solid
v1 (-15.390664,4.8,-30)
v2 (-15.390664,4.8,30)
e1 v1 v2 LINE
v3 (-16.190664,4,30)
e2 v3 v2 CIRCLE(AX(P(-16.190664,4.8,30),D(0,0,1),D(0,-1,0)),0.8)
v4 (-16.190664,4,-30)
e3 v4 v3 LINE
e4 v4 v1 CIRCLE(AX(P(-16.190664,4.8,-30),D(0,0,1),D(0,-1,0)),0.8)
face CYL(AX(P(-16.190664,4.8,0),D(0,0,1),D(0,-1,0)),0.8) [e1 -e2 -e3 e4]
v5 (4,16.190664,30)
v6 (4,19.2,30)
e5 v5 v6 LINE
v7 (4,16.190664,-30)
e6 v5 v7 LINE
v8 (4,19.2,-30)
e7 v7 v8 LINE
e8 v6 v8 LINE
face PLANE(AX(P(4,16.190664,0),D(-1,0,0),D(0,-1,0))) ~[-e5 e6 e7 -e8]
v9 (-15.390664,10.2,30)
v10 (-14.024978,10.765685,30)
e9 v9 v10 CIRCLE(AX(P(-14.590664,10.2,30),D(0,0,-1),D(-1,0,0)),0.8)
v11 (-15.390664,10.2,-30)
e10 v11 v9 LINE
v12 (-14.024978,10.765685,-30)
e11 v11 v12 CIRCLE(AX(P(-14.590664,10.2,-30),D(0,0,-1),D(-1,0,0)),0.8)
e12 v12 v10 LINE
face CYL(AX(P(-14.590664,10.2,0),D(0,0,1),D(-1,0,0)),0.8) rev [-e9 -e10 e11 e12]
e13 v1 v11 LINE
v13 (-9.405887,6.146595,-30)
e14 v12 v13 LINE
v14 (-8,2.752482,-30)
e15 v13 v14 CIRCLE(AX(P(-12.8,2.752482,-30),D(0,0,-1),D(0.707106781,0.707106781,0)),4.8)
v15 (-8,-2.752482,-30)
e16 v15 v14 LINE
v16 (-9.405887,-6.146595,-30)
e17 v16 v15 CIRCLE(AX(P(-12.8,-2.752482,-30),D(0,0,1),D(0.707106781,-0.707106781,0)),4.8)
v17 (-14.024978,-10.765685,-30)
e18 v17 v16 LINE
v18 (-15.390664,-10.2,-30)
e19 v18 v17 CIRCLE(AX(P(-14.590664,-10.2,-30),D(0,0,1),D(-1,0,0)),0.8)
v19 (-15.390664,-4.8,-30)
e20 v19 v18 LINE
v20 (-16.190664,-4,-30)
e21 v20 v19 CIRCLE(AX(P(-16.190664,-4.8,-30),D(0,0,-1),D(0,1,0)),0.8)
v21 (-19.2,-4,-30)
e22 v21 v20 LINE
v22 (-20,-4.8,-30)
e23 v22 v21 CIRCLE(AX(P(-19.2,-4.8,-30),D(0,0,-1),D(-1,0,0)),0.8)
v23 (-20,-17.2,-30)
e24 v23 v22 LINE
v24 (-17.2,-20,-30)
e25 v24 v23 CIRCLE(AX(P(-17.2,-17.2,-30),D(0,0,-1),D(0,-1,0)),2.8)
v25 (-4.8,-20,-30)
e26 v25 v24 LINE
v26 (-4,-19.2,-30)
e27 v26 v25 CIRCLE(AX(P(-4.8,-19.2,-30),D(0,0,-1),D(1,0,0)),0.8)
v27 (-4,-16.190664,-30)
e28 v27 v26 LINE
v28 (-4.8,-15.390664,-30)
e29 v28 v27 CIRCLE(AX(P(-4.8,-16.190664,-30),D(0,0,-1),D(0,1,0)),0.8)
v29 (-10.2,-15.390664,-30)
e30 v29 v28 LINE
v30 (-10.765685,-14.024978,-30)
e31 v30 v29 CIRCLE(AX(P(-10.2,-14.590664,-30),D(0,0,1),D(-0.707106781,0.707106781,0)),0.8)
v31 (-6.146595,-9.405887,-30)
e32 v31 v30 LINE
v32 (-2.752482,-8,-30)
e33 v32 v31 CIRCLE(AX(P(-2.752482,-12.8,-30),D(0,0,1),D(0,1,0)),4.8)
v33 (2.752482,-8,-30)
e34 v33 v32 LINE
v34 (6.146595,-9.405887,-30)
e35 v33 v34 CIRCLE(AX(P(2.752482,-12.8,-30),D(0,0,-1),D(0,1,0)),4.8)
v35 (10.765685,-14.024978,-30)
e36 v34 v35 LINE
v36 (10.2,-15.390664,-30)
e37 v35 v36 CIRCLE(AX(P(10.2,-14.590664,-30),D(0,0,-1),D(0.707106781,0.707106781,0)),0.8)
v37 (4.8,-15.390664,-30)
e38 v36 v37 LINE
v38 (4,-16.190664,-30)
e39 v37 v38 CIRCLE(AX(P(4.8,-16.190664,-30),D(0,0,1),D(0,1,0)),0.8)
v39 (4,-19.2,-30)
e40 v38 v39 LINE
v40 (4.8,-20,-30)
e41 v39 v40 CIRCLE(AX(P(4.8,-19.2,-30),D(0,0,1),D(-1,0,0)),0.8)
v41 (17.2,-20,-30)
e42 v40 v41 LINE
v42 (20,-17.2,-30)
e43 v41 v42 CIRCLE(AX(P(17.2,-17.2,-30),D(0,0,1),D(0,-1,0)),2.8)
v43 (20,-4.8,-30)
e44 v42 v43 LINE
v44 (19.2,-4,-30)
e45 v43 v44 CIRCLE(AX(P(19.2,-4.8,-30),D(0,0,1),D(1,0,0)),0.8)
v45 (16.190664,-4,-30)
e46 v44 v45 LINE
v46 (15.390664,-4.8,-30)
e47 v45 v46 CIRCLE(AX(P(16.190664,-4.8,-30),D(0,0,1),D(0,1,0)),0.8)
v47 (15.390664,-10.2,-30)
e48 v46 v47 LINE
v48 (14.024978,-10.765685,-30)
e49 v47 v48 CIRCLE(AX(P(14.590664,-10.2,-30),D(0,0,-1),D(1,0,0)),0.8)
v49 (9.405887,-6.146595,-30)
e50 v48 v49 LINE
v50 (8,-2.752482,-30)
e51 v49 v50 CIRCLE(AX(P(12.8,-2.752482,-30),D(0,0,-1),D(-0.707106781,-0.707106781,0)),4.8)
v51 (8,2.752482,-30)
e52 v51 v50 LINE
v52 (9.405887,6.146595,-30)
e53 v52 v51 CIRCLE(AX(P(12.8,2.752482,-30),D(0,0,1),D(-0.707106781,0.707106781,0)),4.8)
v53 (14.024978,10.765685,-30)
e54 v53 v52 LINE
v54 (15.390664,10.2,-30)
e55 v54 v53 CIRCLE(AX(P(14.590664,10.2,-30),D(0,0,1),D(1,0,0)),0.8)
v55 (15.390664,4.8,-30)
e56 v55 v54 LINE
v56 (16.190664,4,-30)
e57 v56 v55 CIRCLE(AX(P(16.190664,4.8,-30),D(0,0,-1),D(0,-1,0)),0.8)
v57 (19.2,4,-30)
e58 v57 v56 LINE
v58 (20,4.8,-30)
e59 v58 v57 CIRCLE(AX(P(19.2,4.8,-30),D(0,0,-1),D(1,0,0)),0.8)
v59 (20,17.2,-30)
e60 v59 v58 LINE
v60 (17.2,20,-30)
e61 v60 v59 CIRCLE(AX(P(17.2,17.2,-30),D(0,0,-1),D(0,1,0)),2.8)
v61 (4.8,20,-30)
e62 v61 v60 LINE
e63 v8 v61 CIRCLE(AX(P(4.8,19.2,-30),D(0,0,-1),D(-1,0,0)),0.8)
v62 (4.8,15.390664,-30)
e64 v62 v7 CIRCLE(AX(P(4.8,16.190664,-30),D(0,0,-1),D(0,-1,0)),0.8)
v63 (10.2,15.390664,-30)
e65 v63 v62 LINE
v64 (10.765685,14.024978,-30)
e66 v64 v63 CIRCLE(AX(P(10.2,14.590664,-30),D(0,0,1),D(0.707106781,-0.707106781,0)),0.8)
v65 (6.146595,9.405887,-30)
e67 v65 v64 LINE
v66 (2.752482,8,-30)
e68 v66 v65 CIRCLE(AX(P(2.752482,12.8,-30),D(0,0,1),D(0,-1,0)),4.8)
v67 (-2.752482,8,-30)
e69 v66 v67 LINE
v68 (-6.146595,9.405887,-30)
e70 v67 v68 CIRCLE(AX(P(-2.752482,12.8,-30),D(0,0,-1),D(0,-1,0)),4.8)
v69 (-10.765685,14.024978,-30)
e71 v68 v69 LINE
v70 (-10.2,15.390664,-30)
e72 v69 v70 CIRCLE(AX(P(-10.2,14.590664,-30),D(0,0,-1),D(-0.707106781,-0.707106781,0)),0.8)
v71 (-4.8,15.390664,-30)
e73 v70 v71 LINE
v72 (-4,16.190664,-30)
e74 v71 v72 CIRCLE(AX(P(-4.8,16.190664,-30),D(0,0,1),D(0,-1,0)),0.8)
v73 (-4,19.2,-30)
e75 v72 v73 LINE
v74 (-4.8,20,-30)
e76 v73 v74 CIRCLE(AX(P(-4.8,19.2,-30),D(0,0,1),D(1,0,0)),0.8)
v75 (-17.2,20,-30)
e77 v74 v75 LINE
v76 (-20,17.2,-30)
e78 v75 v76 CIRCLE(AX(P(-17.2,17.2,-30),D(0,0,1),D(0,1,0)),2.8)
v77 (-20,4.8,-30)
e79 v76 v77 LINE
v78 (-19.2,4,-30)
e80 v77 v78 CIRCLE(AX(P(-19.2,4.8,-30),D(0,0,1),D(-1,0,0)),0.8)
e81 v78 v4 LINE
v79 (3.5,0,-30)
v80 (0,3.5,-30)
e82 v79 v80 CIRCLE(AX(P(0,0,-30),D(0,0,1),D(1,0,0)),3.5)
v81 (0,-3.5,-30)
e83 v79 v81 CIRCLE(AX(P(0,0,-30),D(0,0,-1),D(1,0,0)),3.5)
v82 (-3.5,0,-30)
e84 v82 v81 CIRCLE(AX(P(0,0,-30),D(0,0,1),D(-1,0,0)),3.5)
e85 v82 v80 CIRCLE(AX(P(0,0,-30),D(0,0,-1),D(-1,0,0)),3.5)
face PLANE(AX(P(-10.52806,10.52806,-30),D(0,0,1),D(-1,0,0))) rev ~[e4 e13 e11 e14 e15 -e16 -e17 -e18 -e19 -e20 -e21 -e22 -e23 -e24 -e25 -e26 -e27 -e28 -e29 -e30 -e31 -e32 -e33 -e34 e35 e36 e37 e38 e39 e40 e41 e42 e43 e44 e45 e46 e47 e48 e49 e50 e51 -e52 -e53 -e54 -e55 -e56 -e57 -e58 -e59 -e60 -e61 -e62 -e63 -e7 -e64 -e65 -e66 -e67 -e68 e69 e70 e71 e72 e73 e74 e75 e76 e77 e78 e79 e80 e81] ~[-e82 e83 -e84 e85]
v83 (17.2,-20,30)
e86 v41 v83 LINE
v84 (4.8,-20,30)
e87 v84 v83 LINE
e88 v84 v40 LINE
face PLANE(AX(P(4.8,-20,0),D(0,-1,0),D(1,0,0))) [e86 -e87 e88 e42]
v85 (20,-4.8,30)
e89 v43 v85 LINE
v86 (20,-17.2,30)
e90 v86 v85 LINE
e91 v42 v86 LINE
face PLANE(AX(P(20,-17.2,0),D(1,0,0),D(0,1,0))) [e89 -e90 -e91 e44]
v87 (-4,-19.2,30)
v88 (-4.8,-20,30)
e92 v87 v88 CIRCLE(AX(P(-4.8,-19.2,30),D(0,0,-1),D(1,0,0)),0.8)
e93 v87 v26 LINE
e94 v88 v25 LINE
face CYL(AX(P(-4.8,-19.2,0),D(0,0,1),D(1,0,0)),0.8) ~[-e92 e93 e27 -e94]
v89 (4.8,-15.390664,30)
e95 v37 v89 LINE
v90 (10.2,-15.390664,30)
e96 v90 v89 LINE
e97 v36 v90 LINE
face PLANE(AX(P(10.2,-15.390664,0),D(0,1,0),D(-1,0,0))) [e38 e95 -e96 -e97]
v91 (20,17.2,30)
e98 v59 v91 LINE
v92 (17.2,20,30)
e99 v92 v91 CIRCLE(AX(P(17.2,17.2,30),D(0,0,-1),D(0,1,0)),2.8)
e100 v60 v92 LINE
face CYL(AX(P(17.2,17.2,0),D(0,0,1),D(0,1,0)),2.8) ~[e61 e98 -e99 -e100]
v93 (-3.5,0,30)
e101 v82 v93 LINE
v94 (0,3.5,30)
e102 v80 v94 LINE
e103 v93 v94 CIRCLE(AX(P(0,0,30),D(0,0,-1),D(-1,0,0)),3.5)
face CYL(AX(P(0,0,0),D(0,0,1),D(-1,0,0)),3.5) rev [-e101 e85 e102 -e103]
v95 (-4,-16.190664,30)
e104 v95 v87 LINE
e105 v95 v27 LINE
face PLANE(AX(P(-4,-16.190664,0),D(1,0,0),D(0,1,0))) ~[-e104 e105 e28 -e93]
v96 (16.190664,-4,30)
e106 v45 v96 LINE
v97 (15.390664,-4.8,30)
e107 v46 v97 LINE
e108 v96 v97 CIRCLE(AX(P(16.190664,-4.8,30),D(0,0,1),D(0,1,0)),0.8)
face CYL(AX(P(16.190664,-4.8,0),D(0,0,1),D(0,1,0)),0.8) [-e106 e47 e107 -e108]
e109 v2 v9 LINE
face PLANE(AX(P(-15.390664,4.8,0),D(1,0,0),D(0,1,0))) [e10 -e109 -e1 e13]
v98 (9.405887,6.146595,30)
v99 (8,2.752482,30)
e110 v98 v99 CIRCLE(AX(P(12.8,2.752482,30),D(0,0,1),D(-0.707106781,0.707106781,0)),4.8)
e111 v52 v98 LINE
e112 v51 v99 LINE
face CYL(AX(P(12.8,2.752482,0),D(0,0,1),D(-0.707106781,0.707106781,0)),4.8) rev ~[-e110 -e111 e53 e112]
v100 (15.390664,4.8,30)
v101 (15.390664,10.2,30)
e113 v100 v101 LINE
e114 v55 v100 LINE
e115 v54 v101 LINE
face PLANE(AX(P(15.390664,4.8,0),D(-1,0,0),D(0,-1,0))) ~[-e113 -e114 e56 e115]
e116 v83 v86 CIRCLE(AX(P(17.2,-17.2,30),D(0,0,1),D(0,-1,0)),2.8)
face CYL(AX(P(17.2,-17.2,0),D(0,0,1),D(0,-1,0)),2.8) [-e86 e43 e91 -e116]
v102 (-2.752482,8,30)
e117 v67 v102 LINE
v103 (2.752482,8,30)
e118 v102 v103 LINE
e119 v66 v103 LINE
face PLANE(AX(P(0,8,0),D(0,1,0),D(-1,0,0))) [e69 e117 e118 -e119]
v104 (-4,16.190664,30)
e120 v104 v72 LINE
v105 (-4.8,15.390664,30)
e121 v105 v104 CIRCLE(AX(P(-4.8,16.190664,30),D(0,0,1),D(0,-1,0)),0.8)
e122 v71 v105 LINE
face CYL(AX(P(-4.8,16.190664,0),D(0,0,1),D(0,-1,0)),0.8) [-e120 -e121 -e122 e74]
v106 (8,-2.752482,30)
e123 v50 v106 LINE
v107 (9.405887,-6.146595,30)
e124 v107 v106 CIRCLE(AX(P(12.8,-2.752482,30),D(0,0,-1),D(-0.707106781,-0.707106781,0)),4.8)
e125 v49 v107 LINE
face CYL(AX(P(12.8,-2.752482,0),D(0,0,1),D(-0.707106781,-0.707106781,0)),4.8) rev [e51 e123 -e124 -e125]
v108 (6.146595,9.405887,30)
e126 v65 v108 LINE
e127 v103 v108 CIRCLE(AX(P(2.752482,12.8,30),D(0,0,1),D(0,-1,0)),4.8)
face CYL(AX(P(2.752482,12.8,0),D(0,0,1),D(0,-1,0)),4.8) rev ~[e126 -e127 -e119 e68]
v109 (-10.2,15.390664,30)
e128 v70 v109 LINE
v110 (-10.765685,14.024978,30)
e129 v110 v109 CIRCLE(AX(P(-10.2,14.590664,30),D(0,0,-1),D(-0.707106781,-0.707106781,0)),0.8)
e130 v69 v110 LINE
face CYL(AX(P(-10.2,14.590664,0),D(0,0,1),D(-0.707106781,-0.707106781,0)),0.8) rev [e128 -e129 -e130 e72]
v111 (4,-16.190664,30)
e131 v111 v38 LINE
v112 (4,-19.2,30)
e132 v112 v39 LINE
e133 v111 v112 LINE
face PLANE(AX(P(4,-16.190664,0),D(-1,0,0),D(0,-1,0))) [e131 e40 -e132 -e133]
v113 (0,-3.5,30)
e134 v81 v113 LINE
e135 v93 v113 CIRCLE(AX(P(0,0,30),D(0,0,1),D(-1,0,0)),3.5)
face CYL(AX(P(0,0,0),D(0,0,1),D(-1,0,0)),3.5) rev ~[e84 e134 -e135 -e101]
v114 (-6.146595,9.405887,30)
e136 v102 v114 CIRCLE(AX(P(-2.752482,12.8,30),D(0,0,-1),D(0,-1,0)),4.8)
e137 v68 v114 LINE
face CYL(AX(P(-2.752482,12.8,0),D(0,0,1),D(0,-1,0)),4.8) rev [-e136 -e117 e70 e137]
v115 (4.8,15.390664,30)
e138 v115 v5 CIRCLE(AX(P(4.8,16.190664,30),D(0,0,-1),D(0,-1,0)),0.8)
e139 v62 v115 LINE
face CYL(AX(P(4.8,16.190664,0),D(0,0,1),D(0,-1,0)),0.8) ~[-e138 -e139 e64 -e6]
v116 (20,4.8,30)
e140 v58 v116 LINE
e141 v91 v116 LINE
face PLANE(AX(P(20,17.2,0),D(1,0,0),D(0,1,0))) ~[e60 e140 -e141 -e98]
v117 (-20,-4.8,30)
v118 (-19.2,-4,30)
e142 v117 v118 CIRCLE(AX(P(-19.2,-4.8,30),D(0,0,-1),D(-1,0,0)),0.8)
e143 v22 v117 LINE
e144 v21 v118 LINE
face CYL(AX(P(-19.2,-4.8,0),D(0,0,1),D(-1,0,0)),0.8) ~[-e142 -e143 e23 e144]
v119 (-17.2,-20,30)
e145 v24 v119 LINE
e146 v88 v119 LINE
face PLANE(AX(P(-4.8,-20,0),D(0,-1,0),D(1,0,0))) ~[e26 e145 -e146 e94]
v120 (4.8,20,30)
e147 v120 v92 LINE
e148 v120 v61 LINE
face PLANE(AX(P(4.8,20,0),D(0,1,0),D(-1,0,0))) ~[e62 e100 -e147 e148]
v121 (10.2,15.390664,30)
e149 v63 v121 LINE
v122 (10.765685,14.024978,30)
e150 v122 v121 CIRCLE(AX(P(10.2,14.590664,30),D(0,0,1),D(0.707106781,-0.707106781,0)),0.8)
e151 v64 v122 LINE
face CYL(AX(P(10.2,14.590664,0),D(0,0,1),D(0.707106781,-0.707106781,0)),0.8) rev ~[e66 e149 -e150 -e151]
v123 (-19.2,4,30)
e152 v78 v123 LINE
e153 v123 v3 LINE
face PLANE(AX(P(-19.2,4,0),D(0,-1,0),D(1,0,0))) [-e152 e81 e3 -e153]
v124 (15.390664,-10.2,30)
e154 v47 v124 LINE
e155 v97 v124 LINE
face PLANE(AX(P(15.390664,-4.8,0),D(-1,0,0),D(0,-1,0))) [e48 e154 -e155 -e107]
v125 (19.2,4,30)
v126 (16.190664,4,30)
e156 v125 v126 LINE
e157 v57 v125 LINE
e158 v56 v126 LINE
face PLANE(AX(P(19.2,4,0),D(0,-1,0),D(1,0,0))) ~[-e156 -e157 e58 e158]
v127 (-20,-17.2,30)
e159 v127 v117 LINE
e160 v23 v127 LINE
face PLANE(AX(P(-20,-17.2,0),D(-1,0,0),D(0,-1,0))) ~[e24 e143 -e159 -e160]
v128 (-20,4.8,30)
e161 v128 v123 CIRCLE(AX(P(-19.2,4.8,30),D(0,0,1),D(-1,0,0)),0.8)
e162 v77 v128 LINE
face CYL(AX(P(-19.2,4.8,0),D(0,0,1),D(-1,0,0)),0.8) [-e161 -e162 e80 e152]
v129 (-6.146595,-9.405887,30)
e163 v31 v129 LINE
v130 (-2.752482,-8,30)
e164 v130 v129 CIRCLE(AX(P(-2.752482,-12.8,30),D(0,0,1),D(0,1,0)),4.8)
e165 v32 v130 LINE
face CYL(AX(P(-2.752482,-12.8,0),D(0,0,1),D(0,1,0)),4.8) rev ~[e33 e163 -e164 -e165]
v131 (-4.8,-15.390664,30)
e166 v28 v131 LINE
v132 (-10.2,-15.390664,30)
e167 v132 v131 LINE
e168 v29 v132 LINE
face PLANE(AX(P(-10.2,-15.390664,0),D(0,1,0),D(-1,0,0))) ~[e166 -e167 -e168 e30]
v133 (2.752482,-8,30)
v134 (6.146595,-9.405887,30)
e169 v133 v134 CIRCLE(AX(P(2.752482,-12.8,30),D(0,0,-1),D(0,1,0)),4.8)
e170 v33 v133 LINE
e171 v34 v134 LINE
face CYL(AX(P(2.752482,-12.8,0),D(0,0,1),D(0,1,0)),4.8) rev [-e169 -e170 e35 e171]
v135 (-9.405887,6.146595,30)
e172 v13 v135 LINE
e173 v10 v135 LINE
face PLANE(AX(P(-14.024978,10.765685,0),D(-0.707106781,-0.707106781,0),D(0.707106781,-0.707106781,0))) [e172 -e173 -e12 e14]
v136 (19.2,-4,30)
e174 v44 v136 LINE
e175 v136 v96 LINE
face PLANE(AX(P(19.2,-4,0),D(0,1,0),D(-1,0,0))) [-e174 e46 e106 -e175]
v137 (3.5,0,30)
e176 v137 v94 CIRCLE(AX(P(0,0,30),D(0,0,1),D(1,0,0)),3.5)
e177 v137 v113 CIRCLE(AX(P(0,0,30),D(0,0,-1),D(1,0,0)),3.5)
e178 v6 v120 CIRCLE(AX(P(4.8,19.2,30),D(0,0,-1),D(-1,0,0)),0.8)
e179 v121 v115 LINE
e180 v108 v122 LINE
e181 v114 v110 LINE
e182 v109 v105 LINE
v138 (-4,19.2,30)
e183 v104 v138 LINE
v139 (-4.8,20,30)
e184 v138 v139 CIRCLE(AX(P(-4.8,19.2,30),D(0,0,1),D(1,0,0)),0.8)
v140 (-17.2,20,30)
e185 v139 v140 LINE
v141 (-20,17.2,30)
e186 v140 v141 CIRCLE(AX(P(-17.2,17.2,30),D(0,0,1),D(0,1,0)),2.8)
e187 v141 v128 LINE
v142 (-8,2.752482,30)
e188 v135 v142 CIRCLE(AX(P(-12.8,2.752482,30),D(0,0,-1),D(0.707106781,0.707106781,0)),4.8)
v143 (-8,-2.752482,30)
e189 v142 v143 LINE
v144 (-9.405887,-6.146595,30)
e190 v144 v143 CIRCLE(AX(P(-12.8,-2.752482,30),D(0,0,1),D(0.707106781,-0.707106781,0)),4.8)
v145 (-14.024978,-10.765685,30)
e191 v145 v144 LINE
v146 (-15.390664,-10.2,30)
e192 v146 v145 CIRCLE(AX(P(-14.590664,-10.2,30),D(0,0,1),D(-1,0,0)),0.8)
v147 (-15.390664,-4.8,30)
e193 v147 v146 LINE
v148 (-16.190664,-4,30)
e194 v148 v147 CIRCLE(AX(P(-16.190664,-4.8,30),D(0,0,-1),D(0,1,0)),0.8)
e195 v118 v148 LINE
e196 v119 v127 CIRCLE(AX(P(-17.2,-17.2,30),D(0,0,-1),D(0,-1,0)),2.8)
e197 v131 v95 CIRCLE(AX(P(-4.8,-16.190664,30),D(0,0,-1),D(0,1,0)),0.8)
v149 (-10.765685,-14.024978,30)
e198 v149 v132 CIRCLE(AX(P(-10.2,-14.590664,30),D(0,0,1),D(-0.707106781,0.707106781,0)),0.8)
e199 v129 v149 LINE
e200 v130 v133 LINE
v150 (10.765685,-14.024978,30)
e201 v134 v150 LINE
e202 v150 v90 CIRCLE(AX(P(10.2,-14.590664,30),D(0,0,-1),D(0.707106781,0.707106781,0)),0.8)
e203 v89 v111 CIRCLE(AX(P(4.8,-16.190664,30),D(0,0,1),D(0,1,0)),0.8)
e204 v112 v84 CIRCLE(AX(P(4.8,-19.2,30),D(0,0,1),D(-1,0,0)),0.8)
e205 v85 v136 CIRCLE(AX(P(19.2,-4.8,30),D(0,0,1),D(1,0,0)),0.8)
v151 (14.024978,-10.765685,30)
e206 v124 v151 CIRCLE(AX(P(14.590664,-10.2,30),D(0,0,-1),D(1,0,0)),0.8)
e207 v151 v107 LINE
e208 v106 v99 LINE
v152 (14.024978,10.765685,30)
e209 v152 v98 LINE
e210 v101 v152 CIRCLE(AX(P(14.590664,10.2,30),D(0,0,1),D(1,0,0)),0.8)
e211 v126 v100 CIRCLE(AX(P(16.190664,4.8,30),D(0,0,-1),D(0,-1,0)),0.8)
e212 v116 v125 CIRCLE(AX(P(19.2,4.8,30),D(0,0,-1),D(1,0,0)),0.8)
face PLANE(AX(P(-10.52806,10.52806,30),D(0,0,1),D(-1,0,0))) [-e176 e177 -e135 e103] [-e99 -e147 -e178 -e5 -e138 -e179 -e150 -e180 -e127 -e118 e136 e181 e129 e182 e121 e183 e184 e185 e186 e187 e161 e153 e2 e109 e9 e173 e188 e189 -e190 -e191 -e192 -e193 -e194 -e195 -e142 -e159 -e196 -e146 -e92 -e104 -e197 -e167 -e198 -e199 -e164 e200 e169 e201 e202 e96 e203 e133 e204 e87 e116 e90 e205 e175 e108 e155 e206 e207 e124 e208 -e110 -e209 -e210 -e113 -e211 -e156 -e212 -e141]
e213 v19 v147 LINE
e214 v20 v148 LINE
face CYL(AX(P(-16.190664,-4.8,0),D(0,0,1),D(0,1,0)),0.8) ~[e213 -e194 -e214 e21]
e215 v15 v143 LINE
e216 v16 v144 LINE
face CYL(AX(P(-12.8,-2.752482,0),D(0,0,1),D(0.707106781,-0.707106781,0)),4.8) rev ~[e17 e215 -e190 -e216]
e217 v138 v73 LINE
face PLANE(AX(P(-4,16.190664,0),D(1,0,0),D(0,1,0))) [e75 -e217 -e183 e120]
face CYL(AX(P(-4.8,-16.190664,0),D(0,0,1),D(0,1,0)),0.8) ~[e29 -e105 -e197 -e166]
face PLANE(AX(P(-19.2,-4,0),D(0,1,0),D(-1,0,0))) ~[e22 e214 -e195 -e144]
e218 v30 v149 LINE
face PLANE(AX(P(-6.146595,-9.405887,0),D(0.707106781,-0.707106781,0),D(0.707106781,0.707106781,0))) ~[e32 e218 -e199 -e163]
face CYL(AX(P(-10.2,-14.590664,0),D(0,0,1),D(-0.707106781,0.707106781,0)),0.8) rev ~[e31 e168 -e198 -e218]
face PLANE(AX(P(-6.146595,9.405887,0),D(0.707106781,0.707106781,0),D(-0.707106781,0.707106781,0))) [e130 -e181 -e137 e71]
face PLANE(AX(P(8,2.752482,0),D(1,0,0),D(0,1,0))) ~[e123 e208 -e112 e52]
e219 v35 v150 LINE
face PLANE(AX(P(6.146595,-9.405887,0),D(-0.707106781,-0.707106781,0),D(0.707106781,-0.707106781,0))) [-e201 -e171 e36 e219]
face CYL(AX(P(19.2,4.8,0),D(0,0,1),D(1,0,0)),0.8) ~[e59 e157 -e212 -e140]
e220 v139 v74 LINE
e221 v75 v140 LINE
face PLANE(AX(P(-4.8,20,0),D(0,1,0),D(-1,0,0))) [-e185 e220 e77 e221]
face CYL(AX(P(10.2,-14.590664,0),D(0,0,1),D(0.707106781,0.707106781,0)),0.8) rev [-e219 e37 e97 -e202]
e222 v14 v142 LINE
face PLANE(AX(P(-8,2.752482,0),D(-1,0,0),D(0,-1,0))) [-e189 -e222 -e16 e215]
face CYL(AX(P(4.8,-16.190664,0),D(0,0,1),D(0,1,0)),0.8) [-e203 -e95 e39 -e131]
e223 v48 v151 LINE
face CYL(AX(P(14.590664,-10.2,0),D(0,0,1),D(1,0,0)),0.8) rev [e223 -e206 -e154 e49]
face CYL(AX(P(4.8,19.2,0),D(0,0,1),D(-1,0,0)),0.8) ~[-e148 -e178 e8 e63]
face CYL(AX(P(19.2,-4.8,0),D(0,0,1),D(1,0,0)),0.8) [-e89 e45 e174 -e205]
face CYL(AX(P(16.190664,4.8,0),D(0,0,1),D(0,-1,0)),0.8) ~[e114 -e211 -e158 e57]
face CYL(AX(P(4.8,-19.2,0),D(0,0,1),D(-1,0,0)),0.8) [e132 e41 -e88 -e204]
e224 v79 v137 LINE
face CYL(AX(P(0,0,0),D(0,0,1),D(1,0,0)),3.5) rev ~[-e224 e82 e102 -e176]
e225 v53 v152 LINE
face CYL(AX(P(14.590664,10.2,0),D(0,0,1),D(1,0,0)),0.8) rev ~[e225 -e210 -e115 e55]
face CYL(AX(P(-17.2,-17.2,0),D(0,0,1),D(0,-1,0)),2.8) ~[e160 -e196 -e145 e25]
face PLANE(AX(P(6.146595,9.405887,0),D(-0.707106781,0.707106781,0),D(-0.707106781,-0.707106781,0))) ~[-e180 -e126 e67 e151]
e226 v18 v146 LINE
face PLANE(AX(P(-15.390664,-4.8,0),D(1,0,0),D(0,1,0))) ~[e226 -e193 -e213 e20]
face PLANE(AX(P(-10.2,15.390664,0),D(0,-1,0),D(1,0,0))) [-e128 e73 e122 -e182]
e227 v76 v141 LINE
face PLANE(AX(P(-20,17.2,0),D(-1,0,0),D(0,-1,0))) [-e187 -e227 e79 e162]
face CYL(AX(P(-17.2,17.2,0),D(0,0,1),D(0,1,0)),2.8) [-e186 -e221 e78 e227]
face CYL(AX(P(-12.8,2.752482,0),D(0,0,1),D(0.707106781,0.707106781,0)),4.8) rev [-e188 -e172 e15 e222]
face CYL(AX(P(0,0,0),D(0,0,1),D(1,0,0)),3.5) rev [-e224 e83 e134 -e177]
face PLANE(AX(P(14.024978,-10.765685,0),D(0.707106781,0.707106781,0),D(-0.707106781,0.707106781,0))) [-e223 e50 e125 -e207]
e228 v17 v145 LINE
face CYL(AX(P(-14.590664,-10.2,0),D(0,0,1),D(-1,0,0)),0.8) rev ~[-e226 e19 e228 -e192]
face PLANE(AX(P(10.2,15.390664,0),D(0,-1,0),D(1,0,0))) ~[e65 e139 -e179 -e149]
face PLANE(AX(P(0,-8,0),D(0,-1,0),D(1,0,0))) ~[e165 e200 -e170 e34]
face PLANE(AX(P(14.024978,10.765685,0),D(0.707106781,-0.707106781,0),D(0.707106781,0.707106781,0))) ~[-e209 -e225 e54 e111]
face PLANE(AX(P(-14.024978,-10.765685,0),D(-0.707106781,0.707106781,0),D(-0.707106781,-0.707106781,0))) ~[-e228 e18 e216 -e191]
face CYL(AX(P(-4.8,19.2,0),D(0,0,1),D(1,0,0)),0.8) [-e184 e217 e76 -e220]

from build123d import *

# Parameters (mm, degrees)
BOSS_EXTRUDE1_DEPTH = 30


with BuildPart() as part:
    # Sketch4 → Boss-Extrude1 (new body, symmetric)
    with BuildSketch(Plane.XY):
        with BuildLine():
            Line((4.8, -20), (17.2, -20))
            ThreePointArc((17.2, -20), (19.179898987, -19.179898987), (20, -17.2))
            Line((20, -17.2), (20, -4.8))
            ThreePointArc((20, -4.8), (19.765685425, -4.234314575), (19.2, -4))
            Line((19.2, -4), (16.190663761, -4))
            ThreePointArc((16.190663761, -4), (15.624978336, -4.234314575), (15.390663761, -4.8))
            Line((15.390663761, -4.8), (15.390663761, -10.2))
            ThreePointArc((15.390663761, -10.2), (14.896810507, -10.939103626), (14.024978336, -10.765685425))
            Line((14.024978336, -10.765685425), (9.40588745, -6.146594539))
            ThreePointArc((9.40588745, -6.146594539), (8.365378244, -4.589362465), (8, -2.752481989))
            Line((8, -2.752481989), (8, 0))
            Line((8, 0), (3.5, 0))
            ThreePointArc((3.5, 0), (2.474873734, -2.474873734), (0, -3.5))
            Line((0, -3.5), (0, -8))
            Line((0, -8), (2.752481989, -8))
            ThreePointArc((2.752481989, -8), (4.589362465, -8.365378244), (6.146594539, -9.40588745))
            Line((6.146594539, -9.40588745), (10.765685425, -14.024978336))
            ThreePointArc((10.765685425, -14.024978336), (10.939103626, -14.896810507), (10.2, -15.390663761))
            Line((10.2, -15.390663761), (4.8, -15.390663761))
            ThreePointArc((4.8, -15.390663761), (4.234314575, -15.624978336), (4, -16.190663761))
            Line((4, -16.190663761), (4, -19.2))
            ThreePointArc((4, -19.2), (4.234314575, -19.765685425), (4.8, -20))
        make_face()
    extrude(amount=BOSS_EXTRUDE1_DEPTH, both=True)

    # Mirror1: part across plane


with BuildPart() as part_1:
    add(part.part)
    add(part.part.mirror(Plane(origin=(0, 0, 0), x_dir=(0, 0, 1), z_dir=(1, 0, 0))))

    # Mirror2: part across plane


with BuildPart() as part_2:
    add(part_1.part)
    add(part_1.part.mirror(Plane.ZX))


solid = part_2.part
